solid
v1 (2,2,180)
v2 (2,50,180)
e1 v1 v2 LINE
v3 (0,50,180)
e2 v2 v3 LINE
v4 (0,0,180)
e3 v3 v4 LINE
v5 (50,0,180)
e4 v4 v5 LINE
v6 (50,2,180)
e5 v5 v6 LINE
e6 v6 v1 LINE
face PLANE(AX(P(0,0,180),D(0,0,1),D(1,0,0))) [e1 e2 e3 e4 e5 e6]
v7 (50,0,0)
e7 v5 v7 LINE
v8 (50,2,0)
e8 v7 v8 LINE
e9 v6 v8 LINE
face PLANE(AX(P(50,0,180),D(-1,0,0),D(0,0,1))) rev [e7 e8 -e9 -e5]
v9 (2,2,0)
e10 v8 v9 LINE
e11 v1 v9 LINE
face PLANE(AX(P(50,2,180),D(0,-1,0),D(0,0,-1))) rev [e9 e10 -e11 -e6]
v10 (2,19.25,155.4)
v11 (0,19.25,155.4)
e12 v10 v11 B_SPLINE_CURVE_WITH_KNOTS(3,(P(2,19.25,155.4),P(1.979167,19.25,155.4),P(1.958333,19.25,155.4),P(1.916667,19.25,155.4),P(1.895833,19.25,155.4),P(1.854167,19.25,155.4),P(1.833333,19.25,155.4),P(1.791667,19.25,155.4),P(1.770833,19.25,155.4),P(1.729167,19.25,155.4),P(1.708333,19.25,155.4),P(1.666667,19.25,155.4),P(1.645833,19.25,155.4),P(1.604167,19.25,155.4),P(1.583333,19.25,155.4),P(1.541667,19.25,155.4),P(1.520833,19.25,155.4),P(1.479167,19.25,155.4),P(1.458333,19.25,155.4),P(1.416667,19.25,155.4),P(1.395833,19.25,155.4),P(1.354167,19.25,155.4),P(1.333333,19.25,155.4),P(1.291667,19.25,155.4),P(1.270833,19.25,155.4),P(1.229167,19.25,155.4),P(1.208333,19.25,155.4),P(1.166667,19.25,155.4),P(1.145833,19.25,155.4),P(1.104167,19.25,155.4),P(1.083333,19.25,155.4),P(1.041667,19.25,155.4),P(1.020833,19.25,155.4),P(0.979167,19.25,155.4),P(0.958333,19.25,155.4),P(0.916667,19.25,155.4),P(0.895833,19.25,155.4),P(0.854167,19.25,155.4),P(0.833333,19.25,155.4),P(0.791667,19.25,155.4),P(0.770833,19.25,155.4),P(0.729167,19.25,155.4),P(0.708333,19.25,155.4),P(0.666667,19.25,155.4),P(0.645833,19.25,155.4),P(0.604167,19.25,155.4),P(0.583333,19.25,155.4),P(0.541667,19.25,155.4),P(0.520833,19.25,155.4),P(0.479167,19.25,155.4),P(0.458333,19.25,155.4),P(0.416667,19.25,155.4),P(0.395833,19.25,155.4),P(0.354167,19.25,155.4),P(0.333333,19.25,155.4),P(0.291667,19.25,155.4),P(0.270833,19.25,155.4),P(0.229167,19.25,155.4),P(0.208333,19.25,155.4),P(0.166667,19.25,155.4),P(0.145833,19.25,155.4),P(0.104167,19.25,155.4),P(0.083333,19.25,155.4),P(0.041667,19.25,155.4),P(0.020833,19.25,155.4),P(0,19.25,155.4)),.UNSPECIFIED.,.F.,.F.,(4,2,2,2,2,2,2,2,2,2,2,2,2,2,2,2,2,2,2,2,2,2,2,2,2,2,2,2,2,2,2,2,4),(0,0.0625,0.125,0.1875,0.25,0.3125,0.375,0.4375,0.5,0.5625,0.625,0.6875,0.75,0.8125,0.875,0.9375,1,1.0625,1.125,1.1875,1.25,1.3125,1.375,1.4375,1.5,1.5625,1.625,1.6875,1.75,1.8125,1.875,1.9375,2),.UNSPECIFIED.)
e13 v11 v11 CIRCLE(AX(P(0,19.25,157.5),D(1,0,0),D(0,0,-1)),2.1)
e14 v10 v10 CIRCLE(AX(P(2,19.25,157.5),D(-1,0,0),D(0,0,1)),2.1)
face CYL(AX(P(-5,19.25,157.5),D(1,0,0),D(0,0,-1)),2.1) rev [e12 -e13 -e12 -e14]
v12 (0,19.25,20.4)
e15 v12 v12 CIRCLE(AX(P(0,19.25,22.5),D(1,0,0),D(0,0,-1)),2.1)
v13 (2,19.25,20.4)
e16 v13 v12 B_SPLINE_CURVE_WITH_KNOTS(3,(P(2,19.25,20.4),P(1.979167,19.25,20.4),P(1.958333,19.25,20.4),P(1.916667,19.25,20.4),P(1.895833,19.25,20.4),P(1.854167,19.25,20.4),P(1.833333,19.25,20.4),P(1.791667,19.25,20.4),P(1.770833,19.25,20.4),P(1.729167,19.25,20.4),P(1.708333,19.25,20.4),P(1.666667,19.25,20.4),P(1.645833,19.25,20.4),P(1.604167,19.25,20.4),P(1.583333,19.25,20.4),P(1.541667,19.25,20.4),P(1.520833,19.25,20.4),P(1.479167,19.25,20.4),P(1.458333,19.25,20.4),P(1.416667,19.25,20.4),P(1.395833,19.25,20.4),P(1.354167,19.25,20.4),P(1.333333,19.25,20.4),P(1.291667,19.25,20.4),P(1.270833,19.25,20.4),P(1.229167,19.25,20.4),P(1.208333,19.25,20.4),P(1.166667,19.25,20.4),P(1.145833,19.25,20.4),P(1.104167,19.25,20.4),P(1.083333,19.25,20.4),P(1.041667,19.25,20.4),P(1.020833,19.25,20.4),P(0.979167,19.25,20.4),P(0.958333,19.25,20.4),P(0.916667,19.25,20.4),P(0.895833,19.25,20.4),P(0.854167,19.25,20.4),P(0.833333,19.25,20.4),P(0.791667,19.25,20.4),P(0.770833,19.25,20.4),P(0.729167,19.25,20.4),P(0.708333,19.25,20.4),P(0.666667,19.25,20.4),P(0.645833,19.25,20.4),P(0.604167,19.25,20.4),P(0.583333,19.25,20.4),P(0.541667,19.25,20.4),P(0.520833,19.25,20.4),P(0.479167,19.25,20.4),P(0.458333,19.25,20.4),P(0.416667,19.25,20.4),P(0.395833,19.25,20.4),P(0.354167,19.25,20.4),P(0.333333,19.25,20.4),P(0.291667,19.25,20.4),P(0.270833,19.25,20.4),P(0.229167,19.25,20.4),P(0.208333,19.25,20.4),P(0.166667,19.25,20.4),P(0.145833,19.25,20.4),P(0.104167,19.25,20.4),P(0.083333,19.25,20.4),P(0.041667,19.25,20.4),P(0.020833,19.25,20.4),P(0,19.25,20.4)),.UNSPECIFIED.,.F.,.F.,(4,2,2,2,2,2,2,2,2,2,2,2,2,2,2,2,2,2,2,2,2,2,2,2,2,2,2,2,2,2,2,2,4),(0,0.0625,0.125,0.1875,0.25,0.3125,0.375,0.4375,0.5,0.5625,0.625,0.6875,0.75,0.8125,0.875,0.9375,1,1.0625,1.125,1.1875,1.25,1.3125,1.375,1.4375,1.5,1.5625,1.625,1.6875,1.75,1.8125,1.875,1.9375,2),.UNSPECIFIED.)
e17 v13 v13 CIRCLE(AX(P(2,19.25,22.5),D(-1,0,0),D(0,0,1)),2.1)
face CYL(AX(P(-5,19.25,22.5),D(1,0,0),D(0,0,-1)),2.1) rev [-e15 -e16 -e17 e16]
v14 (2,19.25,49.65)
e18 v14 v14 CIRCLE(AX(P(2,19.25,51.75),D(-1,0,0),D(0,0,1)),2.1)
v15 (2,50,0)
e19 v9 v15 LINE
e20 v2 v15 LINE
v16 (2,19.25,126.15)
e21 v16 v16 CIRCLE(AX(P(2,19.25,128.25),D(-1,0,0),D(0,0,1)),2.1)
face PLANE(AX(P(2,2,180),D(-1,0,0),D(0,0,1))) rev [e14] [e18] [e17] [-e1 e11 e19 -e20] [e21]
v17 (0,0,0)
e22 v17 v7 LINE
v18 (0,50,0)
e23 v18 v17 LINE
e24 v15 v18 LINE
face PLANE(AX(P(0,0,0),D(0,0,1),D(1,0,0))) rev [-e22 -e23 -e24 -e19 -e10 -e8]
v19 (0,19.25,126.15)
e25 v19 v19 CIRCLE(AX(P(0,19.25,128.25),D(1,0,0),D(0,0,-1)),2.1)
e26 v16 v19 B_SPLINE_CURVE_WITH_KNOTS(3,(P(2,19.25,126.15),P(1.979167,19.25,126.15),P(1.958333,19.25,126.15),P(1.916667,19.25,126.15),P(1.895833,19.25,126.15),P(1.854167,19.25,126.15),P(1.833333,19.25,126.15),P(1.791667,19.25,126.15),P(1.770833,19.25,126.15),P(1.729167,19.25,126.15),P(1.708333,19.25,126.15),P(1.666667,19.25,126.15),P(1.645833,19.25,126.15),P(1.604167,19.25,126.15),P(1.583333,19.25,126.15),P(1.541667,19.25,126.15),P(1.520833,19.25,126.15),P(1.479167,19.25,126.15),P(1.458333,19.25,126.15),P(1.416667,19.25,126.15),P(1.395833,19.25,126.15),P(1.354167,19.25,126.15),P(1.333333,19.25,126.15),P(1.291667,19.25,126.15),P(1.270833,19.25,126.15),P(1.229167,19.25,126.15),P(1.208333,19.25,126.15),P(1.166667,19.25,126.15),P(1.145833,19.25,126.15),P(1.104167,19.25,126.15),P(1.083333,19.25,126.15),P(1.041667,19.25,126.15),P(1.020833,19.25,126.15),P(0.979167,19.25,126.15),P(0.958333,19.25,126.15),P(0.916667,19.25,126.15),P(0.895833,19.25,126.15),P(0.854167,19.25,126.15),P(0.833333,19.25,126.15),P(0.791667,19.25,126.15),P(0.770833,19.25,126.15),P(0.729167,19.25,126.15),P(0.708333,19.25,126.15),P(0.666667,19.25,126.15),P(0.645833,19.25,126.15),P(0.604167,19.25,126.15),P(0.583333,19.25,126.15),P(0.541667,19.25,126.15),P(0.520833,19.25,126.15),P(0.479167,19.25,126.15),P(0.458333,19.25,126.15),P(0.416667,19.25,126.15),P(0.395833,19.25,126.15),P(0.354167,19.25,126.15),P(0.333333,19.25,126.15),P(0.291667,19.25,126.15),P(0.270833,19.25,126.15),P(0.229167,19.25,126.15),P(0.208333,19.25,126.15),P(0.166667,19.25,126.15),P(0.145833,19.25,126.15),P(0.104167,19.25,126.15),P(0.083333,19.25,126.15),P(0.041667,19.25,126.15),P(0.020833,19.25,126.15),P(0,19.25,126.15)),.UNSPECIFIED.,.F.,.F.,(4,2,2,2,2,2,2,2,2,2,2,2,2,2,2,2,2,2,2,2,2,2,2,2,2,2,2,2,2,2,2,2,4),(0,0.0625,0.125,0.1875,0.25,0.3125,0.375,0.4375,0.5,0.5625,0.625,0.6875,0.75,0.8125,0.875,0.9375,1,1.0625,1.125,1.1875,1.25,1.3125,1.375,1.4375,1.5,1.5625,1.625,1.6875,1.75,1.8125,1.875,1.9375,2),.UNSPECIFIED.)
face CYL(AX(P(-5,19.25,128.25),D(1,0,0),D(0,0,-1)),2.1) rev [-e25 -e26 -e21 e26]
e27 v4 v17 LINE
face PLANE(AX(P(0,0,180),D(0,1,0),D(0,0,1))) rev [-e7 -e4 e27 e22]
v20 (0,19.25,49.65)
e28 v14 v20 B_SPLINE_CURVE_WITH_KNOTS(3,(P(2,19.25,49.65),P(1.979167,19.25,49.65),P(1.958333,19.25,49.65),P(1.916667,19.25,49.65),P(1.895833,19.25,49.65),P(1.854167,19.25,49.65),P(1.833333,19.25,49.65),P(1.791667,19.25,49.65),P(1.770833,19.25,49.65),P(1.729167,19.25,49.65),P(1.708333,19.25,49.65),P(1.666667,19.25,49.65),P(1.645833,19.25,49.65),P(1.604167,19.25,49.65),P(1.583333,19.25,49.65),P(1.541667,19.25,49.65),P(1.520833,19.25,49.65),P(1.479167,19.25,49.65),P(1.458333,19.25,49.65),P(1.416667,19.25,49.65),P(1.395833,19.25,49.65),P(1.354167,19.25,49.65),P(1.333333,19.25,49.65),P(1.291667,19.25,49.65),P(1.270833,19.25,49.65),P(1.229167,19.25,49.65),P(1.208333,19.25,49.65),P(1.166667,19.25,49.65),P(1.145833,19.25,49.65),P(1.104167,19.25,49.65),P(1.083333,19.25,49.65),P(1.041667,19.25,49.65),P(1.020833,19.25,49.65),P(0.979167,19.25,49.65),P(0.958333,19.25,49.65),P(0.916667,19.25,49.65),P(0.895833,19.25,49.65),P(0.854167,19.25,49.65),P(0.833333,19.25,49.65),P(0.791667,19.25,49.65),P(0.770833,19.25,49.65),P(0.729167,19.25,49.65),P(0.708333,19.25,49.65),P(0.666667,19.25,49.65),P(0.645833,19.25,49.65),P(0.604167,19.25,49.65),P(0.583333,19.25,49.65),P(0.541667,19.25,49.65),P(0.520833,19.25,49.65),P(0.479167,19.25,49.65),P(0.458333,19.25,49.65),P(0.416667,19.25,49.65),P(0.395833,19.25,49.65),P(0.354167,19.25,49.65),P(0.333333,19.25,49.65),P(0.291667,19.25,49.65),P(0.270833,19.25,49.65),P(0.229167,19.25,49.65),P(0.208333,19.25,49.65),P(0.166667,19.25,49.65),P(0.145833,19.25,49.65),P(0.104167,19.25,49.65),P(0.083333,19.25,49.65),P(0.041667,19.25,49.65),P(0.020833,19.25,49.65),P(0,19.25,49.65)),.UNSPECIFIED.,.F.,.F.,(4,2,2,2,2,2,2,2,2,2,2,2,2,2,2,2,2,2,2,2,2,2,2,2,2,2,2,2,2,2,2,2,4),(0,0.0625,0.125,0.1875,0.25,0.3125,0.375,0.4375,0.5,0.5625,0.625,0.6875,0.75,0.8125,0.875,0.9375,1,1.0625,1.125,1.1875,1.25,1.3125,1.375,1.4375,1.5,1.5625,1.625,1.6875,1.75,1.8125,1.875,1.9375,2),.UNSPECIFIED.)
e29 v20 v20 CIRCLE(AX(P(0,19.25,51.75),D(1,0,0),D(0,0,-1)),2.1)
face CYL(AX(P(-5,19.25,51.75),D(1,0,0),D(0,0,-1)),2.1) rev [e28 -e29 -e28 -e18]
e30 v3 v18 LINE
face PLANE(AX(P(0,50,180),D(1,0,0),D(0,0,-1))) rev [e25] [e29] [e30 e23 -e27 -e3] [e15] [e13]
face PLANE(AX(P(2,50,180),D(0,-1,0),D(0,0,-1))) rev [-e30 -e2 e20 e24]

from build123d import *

# Parameters (mm, degrees)
BOSS_EXTRUDE1_DEPTH = 180
SKETCH2_R           = 2.1
CUT_EXTRUDE1_DEPTH  = 5


with BuildPart() as part:
    # Sketch1 → Boss-Extrude1 (new body)
    with BuildSketch(Plane.XY):
        Polygon((0, 0), (50, 0), (50, 2), (2, 2), (2, 50), (0, 50), align=None)
    extrude(amount=BOSS_EXTRUDE1_DEPTH)

    # Sketch2 → Cut-Extrude1 (cut, symmetric)
    with BuildSketch(Plane(origin=(0, 0, 0), x_dir=(0, 0, -1), z_dir=(1, 0, 0))):
        with Locations((-22.5, 19.25)):
            Circle(SKETCH2_R)
        with Locations((-51.75, 19.25)):
            Circle(SKETCH2_R)
        with Locations((-128.25, 19.25)):
            Circle(SKETCH2_R)
        with Locations((-157.5, 19.25)):
            Circle(SKETCH2_R)
    extrude(amount=CUT_EXTRUDE1_DEPTH, both=True, mode=Mode.SUBTRACT)


solid = part.part
